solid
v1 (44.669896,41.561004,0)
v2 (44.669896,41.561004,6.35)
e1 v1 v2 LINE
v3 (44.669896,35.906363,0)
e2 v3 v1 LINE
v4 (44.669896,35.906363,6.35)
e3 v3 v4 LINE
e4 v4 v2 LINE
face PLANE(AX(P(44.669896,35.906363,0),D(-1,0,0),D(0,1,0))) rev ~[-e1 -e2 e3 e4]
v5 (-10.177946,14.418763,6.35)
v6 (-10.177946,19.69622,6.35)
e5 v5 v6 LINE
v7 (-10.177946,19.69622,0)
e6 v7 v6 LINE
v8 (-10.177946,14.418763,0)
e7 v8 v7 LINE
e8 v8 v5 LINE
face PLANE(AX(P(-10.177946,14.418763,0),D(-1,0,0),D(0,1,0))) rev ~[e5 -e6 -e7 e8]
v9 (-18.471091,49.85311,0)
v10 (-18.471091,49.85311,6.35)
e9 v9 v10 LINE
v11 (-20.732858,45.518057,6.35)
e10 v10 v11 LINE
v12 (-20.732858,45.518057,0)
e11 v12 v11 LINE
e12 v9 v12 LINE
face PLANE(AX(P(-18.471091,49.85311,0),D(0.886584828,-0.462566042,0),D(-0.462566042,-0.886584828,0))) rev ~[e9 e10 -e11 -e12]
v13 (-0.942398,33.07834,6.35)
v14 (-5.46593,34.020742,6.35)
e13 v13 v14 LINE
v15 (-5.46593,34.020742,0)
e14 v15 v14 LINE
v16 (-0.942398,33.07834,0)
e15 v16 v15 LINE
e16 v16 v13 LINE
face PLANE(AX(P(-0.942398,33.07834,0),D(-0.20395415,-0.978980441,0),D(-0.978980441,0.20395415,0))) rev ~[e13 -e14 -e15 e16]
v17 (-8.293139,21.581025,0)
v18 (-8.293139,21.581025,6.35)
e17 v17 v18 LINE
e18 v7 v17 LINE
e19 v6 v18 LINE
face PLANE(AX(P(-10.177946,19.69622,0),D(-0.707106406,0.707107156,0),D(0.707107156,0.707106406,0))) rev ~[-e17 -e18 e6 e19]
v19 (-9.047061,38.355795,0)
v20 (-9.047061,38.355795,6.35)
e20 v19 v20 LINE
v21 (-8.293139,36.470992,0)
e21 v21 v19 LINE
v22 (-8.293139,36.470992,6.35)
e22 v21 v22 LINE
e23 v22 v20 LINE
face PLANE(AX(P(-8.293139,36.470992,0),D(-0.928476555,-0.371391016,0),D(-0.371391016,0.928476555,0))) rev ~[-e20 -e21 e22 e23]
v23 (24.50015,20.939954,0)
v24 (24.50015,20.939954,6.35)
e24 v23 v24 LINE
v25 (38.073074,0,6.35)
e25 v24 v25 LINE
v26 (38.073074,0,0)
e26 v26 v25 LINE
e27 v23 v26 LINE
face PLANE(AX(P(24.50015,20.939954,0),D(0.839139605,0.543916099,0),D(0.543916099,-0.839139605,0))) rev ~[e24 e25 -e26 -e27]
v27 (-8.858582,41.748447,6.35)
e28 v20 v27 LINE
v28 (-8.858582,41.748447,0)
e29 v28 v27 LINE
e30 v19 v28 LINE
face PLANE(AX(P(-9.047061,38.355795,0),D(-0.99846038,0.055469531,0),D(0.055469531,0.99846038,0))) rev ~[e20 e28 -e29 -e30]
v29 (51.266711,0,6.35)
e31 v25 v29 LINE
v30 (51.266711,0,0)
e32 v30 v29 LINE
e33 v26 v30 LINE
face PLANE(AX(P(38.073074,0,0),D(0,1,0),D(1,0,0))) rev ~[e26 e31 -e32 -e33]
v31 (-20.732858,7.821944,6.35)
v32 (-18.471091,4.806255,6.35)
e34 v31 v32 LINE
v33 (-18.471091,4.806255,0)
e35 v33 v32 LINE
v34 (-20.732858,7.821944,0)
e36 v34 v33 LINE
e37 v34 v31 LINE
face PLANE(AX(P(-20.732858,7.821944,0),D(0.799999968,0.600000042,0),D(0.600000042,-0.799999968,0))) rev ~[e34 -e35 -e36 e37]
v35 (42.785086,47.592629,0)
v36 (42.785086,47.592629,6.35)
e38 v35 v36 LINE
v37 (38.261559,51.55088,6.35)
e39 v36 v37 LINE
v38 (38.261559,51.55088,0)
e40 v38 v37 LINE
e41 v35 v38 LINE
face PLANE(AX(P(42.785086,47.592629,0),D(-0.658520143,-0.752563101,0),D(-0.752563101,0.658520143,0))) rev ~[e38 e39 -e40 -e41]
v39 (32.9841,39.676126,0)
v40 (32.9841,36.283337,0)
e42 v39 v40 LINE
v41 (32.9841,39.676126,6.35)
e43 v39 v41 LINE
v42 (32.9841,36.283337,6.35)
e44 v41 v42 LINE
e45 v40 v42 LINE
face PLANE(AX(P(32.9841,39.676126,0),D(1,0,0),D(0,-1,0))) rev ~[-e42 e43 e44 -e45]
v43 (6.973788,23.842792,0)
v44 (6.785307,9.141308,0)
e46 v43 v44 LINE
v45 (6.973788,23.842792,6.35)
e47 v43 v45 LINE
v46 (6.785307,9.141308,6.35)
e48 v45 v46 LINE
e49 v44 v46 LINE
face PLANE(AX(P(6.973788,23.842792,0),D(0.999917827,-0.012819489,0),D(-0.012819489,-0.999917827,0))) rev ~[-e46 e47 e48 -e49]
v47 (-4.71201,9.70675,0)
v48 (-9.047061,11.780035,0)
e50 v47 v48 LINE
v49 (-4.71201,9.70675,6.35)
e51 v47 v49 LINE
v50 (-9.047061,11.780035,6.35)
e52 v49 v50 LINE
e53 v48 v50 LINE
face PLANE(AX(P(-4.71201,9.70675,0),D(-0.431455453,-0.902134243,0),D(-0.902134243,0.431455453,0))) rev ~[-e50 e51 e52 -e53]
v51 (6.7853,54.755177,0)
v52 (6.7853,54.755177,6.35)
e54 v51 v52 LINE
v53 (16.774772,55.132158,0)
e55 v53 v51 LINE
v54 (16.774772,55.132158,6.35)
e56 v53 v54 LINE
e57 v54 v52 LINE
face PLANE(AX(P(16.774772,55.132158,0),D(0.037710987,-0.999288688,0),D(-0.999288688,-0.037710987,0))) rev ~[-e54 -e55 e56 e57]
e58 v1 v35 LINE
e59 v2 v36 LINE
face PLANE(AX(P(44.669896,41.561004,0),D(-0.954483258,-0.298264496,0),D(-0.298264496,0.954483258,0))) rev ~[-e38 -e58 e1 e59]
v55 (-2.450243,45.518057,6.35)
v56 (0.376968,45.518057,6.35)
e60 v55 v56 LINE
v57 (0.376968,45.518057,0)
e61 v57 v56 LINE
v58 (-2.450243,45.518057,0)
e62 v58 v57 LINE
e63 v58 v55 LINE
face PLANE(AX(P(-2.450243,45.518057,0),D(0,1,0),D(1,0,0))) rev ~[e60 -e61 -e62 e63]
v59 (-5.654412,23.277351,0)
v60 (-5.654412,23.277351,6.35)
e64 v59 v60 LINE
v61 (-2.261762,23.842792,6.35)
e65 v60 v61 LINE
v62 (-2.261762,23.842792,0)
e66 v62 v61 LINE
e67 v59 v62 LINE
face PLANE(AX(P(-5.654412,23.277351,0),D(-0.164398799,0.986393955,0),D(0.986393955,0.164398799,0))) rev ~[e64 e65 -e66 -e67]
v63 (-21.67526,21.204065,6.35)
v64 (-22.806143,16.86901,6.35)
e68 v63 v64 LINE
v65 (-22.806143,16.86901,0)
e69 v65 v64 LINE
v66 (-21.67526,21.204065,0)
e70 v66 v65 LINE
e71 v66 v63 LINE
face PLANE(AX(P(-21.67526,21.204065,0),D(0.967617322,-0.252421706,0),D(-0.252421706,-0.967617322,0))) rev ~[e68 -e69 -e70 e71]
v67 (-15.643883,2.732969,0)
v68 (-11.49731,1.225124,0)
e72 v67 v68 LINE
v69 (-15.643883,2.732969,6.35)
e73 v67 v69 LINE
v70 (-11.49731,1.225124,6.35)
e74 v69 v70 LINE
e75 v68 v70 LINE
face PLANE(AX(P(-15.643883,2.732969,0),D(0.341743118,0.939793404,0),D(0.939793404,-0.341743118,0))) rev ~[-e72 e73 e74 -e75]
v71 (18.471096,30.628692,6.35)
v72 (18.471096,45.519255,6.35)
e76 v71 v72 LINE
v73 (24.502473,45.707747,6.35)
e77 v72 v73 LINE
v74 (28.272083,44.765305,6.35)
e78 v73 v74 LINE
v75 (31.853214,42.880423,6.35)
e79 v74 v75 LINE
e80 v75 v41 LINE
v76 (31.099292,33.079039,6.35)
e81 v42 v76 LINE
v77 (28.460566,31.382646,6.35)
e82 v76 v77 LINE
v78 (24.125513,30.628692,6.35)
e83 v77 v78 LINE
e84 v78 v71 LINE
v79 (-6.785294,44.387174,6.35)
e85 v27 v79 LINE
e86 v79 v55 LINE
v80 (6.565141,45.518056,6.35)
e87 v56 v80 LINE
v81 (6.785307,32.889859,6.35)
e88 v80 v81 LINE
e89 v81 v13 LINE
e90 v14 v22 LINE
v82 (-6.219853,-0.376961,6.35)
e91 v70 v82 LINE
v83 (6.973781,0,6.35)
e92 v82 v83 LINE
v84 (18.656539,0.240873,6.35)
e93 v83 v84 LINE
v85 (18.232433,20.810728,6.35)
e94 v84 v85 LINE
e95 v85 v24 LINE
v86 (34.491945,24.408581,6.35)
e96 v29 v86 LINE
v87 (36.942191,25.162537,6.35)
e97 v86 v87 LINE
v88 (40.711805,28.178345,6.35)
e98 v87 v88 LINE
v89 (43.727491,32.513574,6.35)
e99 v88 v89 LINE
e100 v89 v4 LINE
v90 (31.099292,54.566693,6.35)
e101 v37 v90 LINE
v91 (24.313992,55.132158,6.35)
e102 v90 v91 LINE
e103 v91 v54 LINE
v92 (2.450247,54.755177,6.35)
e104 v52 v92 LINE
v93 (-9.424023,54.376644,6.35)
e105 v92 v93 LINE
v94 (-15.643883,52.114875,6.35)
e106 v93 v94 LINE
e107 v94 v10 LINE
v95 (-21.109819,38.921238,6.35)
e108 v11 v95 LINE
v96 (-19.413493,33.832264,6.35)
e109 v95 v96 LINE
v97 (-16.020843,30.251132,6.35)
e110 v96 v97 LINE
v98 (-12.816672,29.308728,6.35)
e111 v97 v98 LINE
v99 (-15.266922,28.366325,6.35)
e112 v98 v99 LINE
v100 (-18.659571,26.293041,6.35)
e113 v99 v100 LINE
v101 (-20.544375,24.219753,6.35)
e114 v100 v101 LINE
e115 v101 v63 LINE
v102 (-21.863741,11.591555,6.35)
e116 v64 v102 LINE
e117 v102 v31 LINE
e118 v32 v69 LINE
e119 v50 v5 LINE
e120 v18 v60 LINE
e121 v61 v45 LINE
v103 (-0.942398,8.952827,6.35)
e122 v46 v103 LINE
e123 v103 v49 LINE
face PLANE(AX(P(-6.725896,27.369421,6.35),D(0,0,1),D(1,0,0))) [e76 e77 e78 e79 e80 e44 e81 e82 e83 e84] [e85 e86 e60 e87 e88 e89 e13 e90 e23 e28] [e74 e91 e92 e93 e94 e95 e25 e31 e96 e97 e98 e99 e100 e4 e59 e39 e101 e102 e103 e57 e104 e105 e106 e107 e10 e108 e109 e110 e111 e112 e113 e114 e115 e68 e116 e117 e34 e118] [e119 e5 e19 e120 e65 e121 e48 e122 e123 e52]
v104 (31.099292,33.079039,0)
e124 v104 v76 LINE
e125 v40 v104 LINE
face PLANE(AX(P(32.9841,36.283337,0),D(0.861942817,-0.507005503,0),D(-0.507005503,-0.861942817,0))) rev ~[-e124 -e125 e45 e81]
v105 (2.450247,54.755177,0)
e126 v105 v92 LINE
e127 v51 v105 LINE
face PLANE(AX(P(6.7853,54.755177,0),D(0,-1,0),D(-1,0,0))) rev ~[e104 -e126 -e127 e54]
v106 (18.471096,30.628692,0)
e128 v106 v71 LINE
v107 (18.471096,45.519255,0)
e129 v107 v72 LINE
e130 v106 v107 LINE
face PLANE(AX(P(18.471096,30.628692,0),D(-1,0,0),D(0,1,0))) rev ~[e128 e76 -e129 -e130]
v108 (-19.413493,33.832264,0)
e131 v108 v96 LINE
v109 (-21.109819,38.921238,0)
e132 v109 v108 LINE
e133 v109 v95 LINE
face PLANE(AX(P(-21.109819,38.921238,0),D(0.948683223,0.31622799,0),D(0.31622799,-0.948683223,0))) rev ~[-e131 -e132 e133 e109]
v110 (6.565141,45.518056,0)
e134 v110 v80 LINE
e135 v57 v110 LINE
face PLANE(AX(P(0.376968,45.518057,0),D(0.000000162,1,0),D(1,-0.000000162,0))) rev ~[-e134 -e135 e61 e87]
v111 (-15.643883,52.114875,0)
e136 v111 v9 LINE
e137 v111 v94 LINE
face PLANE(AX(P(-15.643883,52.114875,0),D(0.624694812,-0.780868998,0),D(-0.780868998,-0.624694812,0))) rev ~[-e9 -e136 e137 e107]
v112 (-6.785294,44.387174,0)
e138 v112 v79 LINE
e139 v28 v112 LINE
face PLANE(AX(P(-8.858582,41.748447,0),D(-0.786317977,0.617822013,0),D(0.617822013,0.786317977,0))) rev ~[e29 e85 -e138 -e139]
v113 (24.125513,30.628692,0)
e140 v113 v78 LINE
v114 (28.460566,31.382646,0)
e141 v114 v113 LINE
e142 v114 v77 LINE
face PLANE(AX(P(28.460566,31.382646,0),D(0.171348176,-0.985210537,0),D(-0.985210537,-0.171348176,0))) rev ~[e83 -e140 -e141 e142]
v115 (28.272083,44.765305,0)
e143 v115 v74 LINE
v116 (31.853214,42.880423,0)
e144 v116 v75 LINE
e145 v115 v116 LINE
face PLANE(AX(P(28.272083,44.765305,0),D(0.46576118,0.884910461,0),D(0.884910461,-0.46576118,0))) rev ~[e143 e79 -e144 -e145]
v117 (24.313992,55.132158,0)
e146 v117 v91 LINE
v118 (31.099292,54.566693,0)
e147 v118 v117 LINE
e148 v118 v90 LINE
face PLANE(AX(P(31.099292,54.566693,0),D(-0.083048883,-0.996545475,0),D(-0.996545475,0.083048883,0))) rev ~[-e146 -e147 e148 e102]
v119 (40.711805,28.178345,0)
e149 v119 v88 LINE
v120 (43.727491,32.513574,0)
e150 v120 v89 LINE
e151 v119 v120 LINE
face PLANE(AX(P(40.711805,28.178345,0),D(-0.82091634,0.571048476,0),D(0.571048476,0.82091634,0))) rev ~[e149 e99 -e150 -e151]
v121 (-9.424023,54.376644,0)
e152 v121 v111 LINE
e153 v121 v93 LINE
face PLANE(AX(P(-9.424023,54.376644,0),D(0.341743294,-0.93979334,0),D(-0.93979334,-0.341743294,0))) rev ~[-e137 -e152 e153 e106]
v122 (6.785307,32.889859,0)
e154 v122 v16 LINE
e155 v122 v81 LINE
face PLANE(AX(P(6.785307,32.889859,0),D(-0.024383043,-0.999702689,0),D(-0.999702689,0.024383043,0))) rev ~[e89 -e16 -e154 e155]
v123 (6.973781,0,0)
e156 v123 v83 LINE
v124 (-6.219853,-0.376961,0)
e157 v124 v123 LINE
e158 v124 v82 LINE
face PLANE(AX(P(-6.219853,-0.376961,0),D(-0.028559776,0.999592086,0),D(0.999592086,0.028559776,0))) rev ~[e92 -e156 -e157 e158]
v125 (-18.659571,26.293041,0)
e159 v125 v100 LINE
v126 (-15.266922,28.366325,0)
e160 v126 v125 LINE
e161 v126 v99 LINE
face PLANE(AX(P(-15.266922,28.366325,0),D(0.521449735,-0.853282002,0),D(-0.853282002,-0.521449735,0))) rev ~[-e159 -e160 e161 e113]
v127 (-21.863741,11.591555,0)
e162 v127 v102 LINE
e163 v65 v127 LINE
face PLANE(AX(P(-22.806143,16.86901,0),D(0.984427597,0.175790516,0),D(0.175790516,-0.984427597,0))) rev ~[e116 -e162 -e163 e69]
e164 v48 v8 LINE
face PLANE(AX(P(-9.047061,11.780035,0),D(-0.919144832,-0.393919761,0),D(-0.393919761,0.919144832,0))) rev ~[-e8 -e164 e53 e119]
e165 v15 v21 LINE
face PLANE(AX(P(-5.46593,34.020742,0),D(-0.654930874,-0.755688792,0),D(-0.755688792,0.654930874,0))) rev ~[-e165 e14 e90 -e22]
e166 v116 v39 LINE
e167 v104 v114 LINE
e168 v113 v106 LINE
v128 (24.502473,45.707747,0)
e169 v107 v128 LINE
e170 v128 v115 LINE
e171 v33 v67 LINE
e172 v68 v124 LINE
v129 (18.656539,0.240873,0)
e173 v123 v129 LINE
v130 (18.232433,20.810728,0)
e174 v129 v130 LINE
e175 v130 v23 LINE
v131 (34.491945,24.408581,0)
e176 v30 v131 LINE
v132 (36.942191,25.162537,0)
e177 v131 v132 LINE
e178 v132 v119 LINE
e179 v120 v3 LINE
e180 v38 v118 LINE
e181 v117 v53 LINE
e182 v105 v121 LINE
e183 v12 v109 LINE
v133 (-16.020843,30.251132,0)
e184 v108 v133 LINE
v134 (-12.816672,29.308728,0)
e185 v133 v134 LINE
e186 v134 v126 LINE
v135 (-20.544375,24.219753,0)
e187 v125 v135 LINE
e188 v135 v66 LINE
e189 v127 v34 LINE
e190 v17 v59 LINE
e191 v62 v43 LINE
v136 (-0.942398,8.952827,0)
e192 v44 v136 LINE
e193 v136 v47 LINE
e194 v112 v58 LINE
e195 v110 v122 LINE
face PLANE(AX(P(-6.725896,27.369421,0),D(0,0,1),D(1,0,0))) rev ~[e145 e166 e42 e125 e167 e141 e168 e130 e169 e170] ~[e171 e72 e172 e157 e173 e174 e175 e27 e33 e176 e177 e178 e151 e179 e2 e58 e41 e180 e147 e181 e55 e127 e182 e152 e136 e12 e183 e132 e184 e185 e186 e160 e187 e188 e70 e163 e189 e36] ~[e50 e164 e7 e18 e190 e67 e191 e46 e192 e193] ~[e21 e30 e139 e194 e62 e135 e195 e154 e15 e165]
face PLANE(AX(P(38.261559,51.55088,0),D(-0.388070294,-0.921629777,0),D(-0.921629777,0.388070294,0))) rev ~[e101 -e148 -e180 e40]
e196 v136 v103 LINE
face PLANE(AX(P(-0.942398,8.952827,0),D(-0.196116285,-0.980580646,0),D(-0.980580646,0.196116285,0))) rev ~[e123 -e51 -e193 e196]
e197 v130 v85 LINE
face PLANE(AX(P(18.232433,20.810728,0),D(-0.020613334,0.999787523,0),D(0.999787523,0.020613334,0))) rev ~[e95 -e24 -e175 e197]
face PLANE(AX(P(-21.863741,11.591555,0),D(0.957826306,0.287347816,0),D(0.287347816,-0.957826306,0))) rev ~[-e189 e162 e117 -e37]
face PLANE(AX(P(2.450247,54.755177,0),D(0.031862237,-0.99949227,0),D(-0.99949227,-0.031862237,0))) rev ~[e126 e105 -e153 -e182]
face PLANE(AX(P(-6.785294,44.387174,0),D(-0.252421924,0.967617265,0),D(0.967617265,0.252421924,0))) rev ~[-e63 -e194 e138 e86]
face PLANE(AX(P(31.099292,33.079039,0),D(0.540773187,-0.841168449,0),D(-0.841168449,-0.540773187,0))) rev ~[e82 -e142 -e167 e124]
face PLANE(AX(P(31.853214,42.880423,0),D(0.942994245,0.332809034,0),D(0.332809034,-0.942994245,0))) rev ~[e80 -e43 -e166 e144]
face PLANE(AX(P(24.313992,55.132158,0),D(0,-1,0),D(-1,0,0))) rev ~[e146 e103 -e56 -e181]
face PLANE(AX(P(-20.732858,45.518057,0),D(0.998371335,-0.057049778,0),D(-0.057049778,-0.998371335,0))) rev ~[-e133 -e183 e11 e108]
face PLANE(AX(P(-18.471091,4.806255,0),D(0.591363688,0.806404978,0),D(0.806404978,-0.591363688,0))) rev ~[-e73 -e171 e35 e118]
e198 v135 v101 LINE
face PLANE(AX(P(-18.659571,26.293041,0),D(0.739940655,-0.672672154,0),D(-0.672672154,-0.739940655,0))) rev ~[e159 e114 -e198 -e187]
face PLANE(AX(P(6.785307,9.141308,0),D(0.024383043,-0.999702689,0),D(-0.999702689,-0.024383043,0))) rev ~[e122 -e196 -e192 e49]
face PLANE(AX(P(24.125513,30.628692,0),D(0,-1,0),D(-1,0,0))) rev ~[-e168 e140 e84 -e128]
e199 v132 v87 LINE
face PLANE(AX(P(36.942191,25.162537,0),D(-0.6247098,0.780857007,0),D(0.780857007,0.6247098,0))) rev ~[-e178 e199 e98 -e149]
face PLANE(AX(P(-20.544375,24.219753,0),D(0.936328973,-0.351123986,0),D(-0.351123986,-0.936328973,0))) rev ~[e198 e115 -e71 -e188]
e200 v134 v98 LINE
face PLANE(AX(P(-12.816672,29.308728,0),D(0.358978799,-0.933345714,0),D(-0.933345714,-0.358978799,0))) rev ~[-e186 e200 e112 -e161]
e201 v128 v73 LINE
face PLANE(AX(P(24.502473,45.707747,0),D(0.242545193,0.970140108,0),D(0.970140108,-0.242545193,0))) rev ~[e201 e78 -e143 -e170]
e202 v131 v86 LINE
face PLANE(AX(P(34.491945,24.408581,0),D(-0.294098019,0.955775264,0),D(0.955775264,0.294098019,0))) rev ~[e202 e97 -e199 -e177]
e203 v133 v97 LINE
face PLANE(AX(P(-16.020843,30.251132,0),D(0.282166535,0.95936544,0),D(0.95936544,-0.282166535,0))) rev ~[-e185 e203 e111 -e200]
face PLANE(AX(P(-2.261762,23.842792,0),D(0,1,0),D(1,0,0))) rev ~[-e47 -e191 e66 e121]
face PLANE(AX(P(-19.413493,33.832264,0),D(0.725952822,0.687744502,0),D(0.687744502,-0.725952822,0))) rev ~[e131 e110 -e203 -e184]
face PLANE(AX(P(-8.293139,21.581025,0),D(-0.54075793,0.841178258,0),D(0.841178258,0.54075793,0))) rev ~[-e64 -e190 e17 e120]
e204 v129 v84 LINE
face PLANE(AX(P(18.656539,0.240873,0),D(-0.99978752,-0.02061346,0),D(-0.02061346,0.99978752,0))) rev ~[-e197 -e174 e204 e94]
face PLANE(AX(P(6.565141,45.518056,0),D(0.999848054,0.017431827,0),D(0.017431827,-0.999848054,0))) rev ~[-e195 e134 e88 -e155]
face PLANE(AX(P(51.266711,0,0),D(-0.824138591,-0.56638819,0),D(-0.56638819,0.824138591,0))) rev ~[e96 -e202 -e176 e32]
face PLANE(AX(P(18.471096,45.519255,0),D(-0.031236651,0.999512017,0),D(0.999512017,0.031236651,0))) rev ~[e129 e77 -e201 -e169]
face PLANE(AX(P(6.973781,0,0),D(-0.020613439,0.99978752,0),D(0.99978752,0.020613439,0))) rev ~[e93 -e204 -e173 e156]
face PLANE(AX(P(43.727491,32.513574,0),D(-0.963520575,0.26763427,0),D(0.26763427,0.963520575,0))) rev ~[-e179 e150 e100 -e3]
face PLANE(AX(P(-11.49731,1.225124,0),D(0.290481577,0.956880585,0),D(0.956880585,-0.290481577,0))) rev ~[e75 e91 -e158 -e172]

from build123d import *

# Parameters (mm, degrees)
F1_DEPTH = 6.35
F2_DEPTH = 6.35


with BuildPart() as f1:
    # F0 (on Top) → F1 (new body)
    with BuildSketch(Plane.XY):
        Polygon((6.785307, 32.889859), (6.973788, 23.842792), (6.785307, 9.141308), (6.973781, 0), (18.656539, 0.240873), (18.232433, 20.810728), (24.50015, 20.939954), (38.073074, 0), (51.266711, 0), (34.491945, 24.408581), (36.942191, 25.162537), (40.711805, 28.178345), (43.727491, 32.513574), (44.669896, 35.906363), (44.669896, 41.561004), (42.785086, 47.592629), (38.261559, 51.55088), (31.099292, 54.566693), (24.313992, 55.132158), (16.774772, 55.132158), (6.7853, 54.755177), (6.565141, 45.518056), align=None)
        Polygon((18.471096, 30.628692), (18.471096, 45.519255), (24.502473, 45.707747), (28.272083, 44.765305), (31.853214, 42.880423), (32.9841, 39.676126), (32.9841, 36.283337), (31.099292, 33.079039), (28.460566, 31.382646), (24.125513, 30.628692), align=None, mode=Mode.SUBTRACT)
    extrude(amount=F1_DEPTH)

    # F0 (on Top) → F2 (join)
    with BuildSketch(Plane.XY):
        Polygon((-10.177946, 19.69622), (-8.293139, 21.581025), (-5.654412, 23.277351), (-2.261762, 23.842792), (6.973788, 23.842792), (6.785307, 32.889859), (-0.942398, 33.07834), (-5.46593, 34.020742), (-8.293139, 36.470992), (-9.047061, 38.355795), (-8.858582, 41.748447), (-6.785294, 44.387174), (-2.450243, 45.518057), (0.376968, 45.518057), (6.565141, 45.518056), (6.7853, 54.755177), (2.450247, 54.755177), (-9.424023, 54.376644), (-15.643883, 52.114875), (-18.471091, 49.85311), (-20.732858, 45.518057), (-21.109819, 38.921238), (-19.413493, 33.832264), (-16.020843, 30.251132), (-12.816672, 29.308728), (-15.266922, 28.366325), (-18.659571, 26.293041), (-20.544375, 24.219753), (-21.67526, 21.204065), (-22.806143, 16.86901), (-21.863741, 11.591555), (-20.732858, 7.821944), (-18.471091, 4.806255), (-15.643883, 2.732969), (-11.49731, 1.225124), (-6.219853, -0.376961), (6.973781, 0), (6.785307, 9.141308), (-0.942398, 8.952827), (-4.71201, 9.70675), (-9.047061, 11.780035), (-10.177946, 14.418763), (-10.177946, 17.057493), align=None)
    extrude(amount=F2_DEPTH)


solid = f1.part
